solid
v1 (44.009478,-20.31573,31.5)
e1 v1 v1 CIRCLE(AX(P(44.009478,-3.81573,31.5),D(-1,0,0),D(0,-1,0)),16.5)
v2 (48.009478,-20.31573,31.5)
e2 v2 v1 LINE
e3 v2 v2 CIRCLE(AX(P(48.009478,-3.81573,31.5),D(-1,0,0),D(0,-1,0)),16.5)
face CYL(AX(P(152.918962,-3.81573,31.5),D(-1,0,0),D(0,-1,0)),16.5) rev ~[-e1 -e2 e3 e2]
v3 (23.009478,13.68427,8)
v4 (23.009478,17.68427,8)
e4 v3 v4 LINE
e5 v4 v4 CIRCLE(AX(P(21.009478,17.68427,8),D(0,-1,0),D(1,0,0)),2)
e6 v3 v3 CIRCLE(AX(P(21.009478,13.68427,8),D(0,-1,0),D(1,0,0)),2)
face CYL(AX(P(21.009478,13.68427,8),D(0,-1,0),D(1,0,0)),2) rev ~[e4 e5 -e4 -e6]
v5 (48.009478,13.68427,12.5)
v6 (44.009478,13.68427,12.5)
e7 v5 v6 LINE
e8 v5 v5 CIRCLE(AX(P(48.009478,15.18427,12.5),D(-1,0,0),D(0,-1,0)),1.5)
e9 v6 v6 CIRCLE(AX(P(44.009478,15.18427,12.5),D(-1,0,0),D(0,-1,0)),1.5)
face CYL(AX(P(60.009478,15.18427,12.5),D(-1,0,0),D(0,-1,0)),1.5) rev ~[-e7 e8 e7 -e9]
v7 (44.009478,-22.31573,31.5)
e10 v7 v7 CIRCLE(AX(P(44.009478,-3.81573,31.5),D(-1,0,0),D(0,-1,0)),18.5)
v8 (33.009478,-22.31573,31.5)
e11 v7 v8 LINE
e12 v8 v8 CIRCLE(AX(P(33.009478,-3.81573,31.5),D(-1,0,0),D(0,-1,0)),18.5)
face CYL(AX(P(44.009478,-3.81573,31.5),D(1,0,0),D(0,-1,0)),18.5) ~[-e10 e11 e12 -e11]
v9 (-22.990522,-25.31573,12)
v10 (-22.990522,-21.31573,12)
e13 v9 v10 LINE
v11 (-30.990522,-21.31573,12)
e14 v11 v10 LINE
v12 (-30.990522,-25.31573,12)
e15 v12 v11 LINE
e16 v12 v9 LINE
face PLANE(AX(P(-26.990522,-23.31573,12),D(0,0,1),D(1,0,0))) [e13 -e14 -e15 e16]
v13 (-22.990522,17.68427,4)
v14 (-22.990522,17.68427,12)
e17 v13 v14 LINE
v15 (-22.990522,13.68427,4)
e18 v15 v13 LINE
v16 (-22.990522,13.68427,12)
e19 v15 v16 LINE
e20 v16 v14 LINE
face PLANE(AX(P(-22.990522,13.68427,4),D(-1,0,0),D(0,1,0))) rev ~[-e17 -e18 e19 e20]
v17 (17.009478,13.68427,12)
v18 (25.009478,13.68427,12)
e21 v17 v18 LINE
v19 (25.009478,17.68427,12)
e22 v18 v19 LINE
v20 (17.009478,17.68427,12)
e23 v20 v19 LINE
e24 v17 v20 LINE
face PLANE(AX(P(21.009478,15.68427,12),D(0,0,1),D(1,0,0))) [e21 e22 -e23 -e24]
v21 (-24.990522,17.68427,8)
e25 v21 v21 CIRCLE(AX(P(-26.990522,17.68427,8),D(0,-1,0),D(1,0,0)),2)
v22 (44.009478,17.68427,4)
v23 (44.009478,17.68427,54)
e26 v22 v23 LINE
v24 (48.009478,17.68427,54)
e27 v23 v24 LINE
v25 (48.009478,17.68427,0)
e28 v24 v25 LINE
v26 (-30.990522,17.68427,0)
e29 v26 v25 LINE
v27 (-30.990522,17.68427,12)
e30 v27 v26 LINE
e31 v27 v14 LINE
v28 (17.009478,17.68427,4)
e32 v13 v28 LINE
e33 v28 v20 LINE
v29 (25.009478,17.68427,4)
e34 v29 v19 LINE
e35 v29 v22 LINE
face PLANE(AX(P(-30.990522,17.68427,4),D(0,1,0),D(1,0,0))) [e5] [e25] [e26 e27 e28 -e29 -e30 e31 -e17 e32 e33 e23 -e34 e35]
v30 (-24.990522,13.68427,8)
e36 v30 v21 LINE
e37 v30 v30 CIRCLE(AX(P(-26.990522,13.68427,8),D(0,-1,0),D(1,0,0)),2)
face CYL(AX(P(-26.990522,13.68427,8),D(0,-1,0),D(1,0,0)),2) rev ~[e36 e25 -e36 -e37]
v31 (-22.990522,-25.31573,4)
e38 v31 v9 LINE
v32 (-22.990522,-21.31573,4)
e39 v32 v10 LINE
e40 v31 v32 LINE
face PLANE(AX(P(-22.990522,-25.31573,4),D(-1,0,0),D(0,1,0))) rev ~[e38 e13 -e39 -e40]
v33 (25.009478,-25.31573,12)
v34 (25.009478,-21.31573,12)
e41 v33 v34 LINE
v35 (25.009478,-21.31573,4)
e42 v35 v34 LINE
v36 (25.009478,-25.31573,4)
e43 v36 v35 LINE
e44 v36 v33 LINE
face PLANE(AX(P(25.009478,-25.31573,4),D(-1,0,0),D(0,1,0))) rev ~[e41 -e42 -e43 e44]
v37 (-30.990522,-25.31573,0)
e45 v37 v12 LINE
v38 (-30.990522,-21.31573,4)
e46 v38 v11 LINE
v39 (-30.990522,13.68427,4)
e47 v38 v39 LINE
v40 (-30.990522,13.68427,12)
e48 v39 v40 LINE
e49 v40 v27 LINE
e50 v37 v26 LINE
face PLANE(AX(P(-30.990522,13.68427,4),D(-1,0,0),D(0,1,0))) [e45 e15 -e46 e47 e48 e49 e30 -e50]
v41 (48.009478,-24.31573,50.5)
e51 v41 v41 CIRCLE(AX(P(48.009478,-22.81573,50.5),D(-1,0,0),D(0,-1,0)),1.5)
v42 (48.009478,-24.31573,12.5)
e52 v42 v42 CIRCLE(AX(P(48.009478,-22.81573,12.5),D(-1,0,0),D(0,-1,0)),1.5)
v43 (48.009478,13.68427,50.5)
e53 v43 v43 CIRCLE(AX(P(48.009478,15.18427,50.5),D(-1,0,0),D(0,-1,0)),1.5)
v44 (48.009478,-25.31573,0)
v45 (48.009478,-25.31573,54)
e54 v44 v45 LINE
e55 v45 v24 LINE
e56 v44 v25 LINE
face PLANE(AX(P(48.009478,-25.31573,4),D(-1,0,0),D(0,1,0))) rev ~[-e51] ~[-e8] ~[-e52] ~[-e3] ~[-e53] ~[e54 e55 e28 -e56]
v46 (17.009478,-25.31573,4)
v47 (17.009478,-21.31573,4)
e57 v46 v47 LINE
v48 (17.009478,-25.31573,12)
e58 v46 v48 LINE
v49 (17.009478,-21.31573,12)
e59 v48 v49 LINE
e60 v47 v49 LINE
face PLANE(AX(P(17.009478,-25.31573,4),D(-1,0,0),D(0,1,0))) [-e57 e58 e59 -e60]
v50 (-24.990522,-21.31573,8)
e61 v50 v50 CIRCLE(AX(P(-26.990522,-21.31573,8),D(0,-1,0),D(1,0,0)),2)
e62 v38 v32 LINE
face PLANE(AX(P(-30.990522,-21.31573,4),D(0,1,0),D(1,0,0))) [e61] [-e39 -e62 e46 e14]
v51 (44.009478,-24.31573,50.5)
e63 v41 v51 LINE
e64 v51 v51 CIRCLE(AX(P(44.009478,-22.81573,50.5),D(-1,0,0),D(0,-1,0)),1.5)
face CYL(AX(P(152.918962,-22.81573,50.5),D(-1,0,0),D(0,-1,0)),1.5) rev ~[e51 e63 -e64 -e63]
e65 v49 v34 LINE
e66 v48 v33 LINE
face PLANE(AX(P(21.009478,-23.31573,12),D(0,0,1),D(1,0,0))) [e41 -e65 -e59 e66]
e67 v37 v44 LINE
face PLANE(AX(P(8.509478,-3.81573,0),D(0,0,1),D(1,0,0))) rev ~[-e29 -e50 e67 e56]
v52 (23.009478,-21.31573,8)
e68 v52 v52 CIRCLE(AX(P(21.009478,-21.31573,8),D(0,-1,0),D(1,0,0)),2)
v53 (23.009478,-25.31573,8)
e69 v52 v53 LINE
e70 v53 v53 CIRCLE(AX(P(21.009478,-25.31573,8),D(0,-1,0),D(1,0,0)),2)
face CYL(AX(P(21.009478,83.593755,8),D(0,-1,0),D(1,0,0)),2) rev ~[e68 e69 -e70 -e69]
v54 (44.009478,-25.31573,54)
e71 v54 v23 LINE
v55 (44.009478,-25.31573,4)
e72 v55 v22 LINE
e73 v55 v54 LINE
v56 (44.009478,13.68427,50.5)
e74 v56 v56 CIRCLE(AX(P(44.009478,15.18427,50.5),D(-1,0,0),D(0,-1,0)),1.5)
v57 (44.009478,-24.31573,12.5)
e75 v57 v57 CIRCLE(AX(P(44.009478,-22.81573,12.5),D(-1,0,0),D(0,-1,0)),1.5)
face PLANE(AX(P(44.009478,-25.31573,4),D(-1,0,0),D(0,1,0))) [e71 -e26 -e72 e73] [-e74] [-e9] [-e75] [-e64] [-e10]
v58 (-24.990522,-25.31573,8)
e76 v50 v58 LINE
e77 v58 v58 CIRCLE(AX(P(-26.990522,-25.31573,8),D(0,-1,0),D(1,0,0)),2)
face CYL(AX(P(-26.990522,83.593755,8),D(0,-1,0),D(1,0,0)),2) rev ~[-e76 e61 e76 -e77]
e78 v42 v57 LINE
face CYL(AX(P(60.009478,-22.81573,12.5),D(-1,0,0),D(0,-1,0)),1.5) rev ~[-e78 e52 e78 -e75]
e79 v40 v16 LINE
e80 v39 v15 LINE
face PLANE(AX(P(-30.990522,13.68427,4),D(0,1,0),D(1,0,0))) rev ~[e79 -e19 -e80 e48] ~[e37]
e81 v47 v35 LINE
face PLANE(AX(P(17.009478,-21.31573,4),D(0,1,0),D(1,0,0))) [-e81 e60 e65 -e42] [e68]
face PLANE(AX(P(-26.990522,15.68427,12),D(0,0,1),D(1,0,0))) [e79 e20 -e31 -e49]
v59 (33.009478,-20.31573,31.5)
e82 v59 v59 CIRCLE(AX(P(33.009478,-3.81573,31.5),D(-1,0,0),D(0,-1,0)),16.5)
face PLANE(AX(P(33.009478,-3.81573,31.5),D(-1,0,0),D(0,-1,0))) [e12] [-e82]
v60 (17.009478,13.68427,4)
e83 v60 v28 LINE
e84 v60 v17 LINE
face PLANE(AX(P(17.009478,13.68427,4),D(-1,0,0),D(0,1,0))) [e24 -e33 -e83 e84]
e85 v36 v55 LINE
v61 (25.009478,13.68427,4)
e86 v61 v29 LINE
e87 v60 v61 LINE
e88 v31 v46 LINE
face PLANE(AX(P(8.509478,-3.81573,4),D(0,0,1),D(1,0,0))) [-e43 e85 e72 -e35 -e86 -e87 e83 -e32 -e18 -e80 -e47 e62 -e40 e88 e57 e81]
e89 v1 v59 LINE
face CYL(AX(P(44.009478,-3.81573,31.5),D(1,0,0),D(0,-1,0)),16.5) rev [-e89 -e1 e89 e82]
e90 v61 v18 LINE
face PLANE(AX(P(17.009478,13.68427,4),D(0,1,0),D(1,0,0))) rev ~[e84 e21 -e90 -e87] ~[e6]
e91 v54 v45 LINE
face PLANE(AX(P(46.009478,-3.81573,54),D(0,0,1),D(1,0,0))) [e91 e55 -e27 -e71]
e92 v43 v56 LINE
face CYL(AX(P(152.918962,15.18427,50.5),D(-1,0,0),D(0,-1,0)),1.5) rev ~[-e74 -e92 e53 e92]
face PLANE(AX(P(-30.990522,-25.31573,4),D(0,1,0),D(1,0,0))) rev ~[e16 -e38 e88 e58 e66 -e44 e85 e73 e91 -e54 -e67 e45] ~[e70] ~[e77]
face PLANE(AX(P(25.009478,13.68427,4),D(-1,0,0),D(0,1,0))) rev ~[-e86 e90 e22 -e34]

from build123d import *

# Parameters (mm, degrees)
F0_W      = 79
F0_H      = 43
F1_DEPTH  = 4
F2_W      = 4
F2_H      = 43
F3_DEPTH  = 50
F4_W      = 8
F4_H      = 4
F5_DEPTH  = 8
F6_W      = 8
F6_H      = 4
F7_DEPTH  = 8
F8_W      = 8
F8_H      = 4
F9_DEPTH  = 8
F10_W     = 8
F10_H     = 4
F11_DEPTH = 8
F13_D     = 4
F13_DEPTH = 4.001
F15_D     = 4
F15_DEPTH = 4.001
F17_D     = 4
F19_D     = 4
F21_D     = 33
F22_R     = 18.5
F22_R_2   = 16.5
F23_DEPTH = 11
F25_D     = 3
F27_D     = 3
F29_D     = 3
F29_DEPTH = 12
F29_TIP   = 0.9012909285
F31_D     = 3
F31_DEPTH = 12
F31_TIP   = 0.9012909285


with BuildPart() as f1:
    # F0 (on Top) → F1 (new body)
    with BuildSketch(Plane.XY):
        with Locations((8.5094775558, -3.8157299012)):
            Rectangle(F0_W, F0_H)
    extrude(amount=F1_DEPTH)

    # F2 (on face) → F3 (join)
    with BuildSketch(Plane.XY.offset(4)):
        with Locations((46.0094775558, -3.8157299012)):
            Rectangle(F2_W, F2_H)
    extrude(amount=F3_DEPTH)

    # F4 (on face) → F5 (join)
    with BuildSketch(Plane.XY.offset(4)):
        with Locations((-26.9905224442, -23.3157299012)):
            Rectangle(F4_W, F4_H)
    extrude(amount=F5_DEPTH)

    # F6 (on face) → F7 (join)
    with BuildSketch(Plane.XY.offset(4)):
        with Locations((-26.9905224442, 15.6842700988)):
            Rectangle(F6_W, F6_H)
    extrude(amount=F7_DEPTH)

    # F8 (on face) → F9 (join)
    with BuildSketch(Plane.XY.offset(4)):
        with Locations((21.0094775558, 15.6842700988)):
            Rectangle(F8_W, F8_H)
    extrude(amount=F9_DEPTH)

    # F10 (on face) → F11 (join)
    with BuildSketch(Plane.XY.offset(4)):
        with Locations((21.0094775558, -23.3157299012)):
            Rectangle(F10_W, F10_H)
    extrude(amount=F11_DEPTH)

    # F13 (through all, one way)
    with BuildSketch(Plane.XZ.offset(-13.6842700988)):
        with Locations((-26.9905224442, 8)):
            Circle(F13_D / 2)
    extrude(amount=-F13_DEPTH, mode=Mode.SUBTRACT)

    # F15 (through all, one way)
    with BuildSketch(Plane.XZ.offset(-13.6842700988)):
        with Locations((21.0094775558, 8)):
            Circle(F15_D / 2)
    extrude(amount=-F15_DEPTH, mode=Mode.SUBTRACT)

    # F17 (through all)
    with Locations(Plane(origin=(0, -21.3157299012, 0), x_dir=(-1, 0, 0), z_dir=(0, 1, 0))):
        with Locations((26.9905224442, 8)):
            Hole(F17_D / 2)

    # F19 (through all)
    with Locations(Plane(origin=(0, -21.3157299012, 0), x_dir=(-1, 0, 0), z_dir=(0, 1, 0))):
        with Locations((-21.0094775558, 8)):
            Hole(F19_D / 2)

    # F21 (through all)
    with Locations(Plane.YZ.offset(48.0094775558)):
        with Locations((-3.8157299012, 31.5)):
            Hole(F21_D / 2)

    # F22 (on face) → F23 (join)
    with BuildSketch(Plane(origin=(44.0094775558, 0, 0), x_dir=(0, -1, 0), z_dir=(-1, 0, 0))):
        with Locations((3.8157299012, 31.5)):
            Circle(F22_R)
        with Locations((3.8157299012, 31.5)):
            Circle(F22_R_2, mode=Mode.SUBTRACT)
    extrude(amount=F23_DEPTH)

    # F25 (through all)
    with Locations(Plane.YZ.offset(48.0094775558)):
        with Locations((-22.8157299012, 50.5)):
            Hole(F25_D / 2)

    # F27 (through all)
    with Locations(Plane.YZ.offset(48.0094775558)):
        with Locations((15.1842700988, 50.5)):
            Hole(F27_D / 2)

    # F29
    with Locations(Plane.YZ.offset(48.0094775558)):
        with Locations((-22.8157299012, 12.5)):
            Hole(F29_D / 2, depth=F29_DEPTH)
            with Locations((0, 0, -(F29_DEPTH + F29_TIP / 2))):  # 118° drill point
                Cone(0, F29_D / 2, F29_TIP, mode=Mode.SUBTRACT)

    # F31
    with Locations(Plane.YZ.offset(48.0094775558)):
        with Locations((15.1842700988, 12.5)):
            Hole(F31_D / 2, depth=F31_DEPTH)
            with Locations((0, 0, -(F31_DEPTH + F31_TIP / 2))):  # 118° drill point
                Cone(0, F31_D / 2, F31_TIP, mode=Mode.SUBTRACT)


solid = f1.part
